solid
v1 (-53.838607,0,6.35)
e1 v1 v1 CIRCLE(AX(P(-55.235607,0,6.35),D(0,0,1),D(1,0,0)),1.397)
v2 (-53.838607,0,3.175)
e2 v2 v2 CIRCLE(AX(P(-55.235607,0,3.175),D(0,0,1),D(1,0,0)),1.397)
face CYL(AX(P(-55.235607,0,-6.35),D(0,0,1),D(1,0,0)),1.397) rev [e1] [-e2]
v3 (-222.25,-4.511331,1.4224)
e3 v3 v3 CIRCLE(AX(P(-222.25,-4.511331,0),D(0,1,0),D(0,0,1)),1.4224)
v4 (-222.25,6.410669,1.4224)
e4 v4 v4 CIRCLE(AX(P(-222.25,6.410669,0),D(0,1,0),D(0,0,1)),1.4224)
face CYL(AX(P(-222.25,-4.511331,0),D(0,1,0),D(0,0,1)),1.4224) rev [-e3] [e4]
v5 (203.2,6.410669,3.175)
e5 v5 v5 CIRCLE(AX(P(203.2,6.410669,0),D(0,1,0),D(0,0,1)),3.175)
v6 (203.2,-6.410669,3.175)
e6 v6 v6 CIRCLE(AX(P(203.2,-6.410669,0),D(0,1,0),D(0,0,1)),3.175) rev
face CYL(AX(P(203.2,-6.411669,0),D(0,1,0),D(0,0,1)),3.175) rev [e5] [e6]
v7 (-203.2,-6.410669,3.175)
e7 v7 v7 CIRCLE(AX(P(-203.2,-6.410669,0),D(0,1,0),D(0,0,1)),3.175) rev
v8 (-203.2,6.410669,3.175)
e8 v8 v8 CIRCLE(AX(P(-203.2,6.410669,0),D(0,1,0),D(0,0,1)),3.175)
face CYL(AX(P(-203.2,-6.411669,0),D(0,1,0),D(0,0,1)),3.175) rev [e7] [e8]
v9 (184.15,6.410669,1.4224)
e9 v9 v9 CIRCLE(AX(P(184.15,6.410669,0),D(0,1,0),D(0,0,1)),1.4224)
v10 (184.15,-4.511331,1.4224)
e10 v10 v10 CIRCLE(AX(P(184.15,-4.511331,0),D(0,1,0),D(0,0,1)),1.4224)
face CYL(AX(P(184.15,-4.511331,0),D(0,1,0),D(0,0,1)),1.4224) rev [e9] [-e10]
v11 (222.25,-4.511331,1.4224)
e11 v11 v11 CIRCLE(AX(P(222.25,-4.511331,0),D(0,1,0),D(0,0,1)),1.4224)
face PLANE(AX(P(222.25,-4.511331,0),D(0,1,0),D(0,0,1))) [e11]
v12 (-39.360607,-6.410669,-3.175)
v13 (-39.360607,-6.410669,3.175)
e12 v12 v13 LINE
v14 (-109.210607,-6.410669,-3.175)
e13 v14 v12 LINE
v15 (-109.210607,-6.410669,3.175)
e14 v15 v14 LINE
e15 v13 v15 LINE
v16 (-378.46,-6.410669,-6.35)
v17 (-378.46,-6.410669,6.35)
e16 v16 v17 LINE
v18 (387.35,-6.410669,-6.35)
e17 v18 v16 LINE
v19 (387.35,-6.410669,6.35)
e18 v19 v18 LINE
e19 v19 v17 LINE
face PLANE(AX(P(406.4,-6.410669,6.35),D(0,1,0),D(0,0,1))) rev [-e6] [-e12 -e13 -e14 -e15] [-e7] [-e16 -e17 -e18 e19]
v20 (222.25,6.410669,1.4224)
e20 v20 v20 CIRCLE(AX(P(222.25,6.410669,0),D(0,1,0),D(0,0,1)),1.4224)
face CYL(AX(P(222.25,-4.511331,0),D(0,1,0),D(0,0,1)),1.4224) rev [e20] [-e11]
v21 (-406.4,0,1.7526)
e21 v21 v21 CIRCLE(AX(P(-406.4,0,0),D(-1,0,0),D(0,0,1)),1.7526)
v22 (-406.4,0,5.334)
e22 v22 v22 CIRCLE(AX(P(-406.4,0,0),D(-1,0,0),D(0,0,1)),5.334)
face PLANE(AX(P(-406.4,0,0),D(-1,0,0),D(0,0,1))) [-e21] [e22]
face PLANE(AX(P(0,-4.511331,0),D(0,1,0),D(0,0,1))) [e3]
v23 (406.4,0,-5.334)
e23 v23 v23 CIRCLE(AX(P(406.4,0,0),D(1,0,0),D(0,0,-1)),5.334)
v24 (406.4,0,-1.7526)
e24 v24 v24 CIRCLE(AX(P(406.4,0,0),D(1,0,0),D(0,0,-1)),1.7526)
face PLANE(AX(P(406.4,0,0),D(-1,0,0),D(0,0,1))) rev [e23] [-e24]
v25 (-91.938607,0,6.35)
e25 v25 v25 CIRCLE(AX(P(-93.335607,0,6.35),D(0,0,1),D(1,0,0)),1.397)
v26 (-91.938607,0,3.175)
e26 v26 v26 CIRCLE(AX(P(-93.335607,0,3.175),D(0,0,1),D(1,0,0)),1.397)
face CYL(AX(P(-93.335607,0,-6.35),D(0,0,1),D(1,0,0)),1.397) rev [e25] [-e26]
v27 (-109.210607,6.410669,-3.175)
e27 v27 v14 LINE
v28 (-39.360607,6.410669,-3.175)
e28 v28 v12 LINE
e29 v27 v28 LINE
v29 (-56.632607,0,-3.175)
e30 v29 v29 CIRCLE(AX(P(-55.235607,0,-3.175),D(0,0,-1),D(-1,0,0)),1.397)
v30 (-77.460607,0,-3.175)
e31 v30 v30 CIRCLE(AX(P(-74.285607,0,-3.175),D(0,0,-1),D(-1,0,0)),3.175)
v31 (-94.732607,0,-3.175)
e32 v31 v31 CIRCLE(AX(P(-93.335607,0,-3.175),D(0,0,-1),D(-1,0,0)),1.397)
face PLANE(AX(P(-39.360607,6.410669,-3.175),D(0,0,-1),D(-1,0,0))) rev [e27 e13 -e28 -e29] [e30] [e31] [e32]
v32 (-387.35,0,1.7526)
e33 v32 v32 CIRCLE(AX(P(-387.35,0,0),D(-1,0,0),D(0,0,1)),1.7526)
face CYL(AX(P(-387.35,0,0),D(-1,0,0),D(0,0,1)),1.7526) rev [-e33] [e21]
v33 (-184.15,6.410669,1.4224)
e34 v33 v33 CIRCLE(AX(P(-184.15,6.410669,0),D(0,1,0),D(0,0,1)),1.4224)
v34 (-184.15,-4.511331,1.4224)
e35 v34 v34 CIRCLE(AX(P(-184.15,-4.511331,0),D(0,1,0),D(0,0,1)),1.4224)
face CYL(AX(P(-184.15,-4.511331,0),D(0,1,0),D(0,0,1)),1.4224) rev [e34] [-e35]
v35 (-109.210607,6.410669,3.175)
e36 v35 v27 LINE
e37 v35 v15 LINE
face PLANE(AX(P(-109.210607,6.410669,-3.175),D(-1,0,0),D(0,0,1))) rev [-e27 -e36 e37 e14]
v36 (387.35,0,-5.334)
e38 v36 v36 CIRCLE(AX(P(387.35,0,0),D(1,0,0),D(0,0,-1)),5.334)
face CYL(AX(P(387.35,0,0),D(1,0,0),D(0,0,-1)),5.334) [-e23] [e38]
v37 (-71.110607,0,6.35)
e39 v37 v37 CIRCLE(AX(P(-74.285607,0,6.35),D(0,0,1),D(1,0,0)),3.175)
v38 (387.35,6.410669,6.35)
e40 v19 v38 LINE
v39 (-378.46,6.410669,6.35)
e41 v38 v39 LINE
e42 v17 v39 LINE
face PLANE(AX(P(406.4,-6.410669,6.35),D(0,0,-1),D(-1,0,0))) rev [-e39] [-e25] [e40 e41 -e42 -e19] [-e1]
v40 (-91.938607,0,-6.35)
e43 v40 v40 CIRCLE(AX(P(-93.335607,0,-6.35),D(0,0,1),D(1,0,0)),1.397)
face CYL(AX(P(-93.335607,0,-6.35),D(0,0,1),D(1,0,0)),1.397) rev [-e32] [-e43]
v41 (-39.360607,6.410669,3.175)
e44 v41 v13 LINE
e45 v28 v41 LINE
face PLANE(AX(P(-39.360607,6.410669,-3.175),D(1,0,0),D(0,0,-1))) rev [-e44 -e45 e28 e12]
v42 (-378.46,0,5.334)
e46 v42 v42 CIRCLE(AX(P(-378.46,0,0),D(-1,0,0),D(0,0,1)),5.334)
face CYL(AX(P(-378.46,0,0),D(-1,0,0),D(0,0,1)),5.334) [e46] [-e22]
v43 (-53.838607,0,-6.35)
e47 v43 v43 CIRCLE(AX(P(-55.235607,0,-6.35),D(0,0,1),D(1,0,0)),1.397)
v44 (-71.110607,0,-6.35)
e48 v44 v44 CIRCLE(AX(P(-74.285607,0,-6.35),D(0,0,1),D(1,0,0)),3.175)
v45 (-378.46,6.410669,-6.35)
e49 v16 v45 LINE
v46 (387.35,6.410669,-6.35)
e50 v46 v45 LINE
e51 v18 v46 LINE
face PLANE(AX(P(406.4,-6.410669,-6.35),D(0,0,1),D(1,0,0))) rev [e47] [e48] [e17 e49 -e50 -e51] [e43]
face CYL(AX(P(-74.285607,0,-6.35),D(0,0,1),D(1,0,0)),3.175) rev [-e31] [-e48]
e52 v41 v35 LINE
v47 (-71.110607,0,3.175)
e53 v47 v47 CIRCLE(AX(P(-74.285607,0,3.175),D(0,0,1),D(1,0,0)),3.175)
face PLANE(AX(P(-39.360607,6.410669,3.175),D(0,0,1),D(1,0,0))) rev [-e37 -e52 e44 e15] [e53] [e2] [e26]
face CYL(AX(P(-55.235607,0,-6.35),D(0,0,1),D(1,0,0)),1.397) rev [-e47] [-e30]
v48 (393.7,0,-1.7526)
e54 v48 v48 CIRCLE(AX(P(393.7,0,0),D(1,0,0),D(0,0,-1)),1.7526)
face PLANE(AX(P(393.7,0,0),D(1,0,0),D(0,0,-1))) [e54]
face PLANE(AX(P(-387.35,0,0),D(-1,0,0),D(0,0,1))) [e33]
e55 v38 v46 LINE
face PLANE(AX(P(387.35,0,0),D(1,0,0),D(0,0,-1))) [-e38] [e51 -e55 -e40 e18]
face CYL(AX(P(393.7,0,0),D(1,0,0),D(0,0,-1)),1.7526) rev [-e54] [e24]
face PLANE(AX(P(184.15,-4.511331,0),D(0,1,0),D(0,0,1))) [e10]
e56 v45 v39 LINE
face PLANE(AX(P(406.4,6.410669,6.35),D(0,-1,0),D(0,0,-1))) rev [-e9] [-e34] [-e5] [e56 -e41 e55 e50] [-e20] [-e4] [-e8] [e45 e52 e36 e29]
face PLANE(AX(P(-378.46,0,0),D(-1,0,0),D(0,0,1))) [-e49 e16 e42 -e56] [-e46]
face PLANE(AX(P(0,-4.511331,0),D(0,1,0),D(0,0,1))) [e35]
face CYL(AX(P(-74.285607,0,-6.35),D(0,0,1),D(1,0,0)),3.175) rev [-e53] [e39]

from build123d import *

# Parameters (mm, degrees)
SKETCH1_W                       = 12.7
SKETCH1_H                       = 12.82133758
LENGTH_DEPTH                    = 406.4
SKETCH2_W                       = 12.7
SKETCH2_H                       = 12.82133758
SKETCH2_R                       = 5.334
ROUND_CUT_1_DEPTH               = 19.05
SKETCH3_W                       = 12.7
SKETCH3_H                       = 12.82133758
SKETCH3_R                       = 5.334
ROUND_CUT_2_DEPTH               = 27.94
SKETCH14_R                      = 1.7526
CUT_EXTRUDE6_DEPTH              = 12.7
SKETCH15_R                      = 1.7526
CUT_EXTRUDE7_DEPTH              = 19.05
BOTTOM_WASHER_R                 = 1.4224
BOTTOM_WASHER_BOLTS_DEPTH       = 10.922
BOTTOM_WASHER_CENTER_BOLT_REACH = 14.821
SKETCH18_R                      = 3.175
TOP_WASHER_CENTER_BOLT_REACH    = 14.821
SKETCH17_R                      = 3.175
SKETCH16_R                      = 1.4224
TOP_WASHER_DEPTH                = 10.922
SKETCH19_W                      = 69.85
SKETCH19_H                      = 6.35
CUT_EXTRUDE8_DEPTH              = 13.82133758
SKETCH20_R                      = 1.397
SKETCH20_R_2                    = 3.175
CUT_EXTRUDE9_DEPTH              = 13.7


with BuildPart() as part:
    # Sketch1 → Length (new body, symmetric)
    with BuildSketch(Plane(origin=(0, 0, 0), x_dir=(0, 0, -1), z_dir=(1, 0, 0))):
        Rectangle(SKETCH1_W, SKETCH1_H)
    extrude(amount=LENGTH_DEPTH, both=True)

    # Sketch2 → Round Cut 1 (cut)
    with BuildSketch(Plane(origin=(406.4, 0, 0), x_dir=(0, 0, -1), z_dir=(1, 0, 0))):
        Rectangle(SKETCH2_W, SKETCH2_H)
        Circle(SKETCH2_R, mode=Mode.SUBTRACT)
    extrude(amount=-ROUND_CUT_1_DEPTH, mode=Mode.SUBTRACT)

    # Sketch3 → Round Cut 2 (cut)
    with BuildSketch(Plane.ZY.offset(406.4)):
        Rectangle(SKETCH3_W, SKETCH3_H)
        Circle(SKETCH3_R, mode=Mode.SUBTRACT)
    extrude(amount=-ROUND_CUT_2_DEPTH, mode=Mode.SUBTRACT)

    # Sketch14 → Cut-Extrude6 (cut)
    with BuildSketch(Plane(origin=(406.4, 0, 0), x_dir=(0, 0, -1), z_dir=(1, 0, 0))):
        Circle(SKETCH14_R)
    extrude(amount=-CUT_EXTRUDE6_DEPTH, mode=Mode.SUBTRACT)

    # Sketch15 → Cut-Extrude7 (cut)
    with BuildSketch(Plane.ZY.offset(406.4)):
        Circle(SKETCH15_R)
    extrude(amount=-CUT_EXTRUDE7_DEPTH, mode=Mode.SUBTRACT)

    # Bottom Washer → Bottom washer bolts (cut)
    with BuildSketch(Plane(origin=(0, 6.41066879, 0), x_dir=(1, 0, 0), z_dir=(0, 1, 0))):
        with Locations((-222.25, 0)):
            Circle(BOTTOM_WASHER_R)
        with Locations((-184.15, 0)):
            Circle(BOTTOM_WASHER_R)
    extrude(amount=-BOTTOM_WASHER_BOLTS_DEPTH, mode=Mode.SUBTRACT)

    # Sketch18 → Bottom Washer Center Bolt (cut, up to next)
    with BuildSketch(Plane(origin=(0, 6.41066879, 0), x_dir=(1, 0, 0), z_dir=(0, 1, 0)), mode=Mode.PRIVATE) as bottom_washer_center_bolt_sk1:
        with Locations((-203.2, 0)):
            Circle(SKETCH18_R)
    bottom_washer_center_bolt_tool1 = extrude(bottom_washer_center_bolt_sk1.sketch, amount=-BOTTOM_WASHER_CENTER_BOLT_REACH, mode=Mode.PRIVATE) & part.part
    add(bottom_washer_center_bolt_tool1.solids().sort_by_distance((-203.2, 6.410669, 0))[0], mode=Mode.SUBTRACT)

    # Sketch17 → Top Washer Center Bolt (cut, up to next)
    with BuildSketch(Plane(origin=(0, 6.41066879, 0), x_dir=(1, 0, 0), z_dir=(0, 1, 0)), mode=Mode.PRIVATE) as top_washer_center_bolt_sk1:
        with Locations((203.2, 0)):
            Circle(SKETCH17_R)
    top_washer_center_bolt_tool1 = extrude(top_washer_center_bolt_sk1.sketch, amount=-TOP_WASHER_CENTER_BOLT_REACH, mode=Mode.PRIVATE) & part.part
    add(top_washer_center_bolt_tool1.solids().sort_by_distance((203.2, 6.410669, 0))[0], mode=Mode.SUBTRACT)

    # Sketch16 → Top Washer (cut)
    with BuildSketch(Plane(origin=(0, 6.41066879, 0), x_dir=(1, 0, 0), z_dir=(0, 1, 0))):
        with Locations((222.25, 0)):
            Circle(SKETCH16_R)
        with Locations((184.15, 0)):
            Circle(SKETCH16_R)
    extrude(amount=-TOP_WASHER_DEPTH, mode=Mode.SUBTRACT)

    # Sketch19 → Cut-Extrude8 (cut, through all)
    with BuildSketch(Plane(origin=(0, -6.41066879, 0), x_dir=(-1, 0, 0), z_dir=(0, -1, 0))):
        with Locations((74.285606639, 0)):
            Rectangle(SKETCH19_W, SKETCH19_H)
    extrude(amount=-CUT_EXTRUDE8_DEPTH, mode=Mode.SUBTRACT)

    # Sketch20 → Cut-Extrude9 (cut, through all)
    with BuildSketch(Plane.XY.offset(6.35)):
        with Locations((-93.335606639, 0)):
            Circle(SKETCH20_R)
        with Locations((-74.285606639, 0)):
            Circle(SKETCH20_R_2)
        with Locations((-55.235606639, 0)):
            Circle(SKETCH20_R)
    extrude(amount=-CUT_EXTRUDE9_DEPTH, mode=Mode.SUBTRACT)


solid = part.part
